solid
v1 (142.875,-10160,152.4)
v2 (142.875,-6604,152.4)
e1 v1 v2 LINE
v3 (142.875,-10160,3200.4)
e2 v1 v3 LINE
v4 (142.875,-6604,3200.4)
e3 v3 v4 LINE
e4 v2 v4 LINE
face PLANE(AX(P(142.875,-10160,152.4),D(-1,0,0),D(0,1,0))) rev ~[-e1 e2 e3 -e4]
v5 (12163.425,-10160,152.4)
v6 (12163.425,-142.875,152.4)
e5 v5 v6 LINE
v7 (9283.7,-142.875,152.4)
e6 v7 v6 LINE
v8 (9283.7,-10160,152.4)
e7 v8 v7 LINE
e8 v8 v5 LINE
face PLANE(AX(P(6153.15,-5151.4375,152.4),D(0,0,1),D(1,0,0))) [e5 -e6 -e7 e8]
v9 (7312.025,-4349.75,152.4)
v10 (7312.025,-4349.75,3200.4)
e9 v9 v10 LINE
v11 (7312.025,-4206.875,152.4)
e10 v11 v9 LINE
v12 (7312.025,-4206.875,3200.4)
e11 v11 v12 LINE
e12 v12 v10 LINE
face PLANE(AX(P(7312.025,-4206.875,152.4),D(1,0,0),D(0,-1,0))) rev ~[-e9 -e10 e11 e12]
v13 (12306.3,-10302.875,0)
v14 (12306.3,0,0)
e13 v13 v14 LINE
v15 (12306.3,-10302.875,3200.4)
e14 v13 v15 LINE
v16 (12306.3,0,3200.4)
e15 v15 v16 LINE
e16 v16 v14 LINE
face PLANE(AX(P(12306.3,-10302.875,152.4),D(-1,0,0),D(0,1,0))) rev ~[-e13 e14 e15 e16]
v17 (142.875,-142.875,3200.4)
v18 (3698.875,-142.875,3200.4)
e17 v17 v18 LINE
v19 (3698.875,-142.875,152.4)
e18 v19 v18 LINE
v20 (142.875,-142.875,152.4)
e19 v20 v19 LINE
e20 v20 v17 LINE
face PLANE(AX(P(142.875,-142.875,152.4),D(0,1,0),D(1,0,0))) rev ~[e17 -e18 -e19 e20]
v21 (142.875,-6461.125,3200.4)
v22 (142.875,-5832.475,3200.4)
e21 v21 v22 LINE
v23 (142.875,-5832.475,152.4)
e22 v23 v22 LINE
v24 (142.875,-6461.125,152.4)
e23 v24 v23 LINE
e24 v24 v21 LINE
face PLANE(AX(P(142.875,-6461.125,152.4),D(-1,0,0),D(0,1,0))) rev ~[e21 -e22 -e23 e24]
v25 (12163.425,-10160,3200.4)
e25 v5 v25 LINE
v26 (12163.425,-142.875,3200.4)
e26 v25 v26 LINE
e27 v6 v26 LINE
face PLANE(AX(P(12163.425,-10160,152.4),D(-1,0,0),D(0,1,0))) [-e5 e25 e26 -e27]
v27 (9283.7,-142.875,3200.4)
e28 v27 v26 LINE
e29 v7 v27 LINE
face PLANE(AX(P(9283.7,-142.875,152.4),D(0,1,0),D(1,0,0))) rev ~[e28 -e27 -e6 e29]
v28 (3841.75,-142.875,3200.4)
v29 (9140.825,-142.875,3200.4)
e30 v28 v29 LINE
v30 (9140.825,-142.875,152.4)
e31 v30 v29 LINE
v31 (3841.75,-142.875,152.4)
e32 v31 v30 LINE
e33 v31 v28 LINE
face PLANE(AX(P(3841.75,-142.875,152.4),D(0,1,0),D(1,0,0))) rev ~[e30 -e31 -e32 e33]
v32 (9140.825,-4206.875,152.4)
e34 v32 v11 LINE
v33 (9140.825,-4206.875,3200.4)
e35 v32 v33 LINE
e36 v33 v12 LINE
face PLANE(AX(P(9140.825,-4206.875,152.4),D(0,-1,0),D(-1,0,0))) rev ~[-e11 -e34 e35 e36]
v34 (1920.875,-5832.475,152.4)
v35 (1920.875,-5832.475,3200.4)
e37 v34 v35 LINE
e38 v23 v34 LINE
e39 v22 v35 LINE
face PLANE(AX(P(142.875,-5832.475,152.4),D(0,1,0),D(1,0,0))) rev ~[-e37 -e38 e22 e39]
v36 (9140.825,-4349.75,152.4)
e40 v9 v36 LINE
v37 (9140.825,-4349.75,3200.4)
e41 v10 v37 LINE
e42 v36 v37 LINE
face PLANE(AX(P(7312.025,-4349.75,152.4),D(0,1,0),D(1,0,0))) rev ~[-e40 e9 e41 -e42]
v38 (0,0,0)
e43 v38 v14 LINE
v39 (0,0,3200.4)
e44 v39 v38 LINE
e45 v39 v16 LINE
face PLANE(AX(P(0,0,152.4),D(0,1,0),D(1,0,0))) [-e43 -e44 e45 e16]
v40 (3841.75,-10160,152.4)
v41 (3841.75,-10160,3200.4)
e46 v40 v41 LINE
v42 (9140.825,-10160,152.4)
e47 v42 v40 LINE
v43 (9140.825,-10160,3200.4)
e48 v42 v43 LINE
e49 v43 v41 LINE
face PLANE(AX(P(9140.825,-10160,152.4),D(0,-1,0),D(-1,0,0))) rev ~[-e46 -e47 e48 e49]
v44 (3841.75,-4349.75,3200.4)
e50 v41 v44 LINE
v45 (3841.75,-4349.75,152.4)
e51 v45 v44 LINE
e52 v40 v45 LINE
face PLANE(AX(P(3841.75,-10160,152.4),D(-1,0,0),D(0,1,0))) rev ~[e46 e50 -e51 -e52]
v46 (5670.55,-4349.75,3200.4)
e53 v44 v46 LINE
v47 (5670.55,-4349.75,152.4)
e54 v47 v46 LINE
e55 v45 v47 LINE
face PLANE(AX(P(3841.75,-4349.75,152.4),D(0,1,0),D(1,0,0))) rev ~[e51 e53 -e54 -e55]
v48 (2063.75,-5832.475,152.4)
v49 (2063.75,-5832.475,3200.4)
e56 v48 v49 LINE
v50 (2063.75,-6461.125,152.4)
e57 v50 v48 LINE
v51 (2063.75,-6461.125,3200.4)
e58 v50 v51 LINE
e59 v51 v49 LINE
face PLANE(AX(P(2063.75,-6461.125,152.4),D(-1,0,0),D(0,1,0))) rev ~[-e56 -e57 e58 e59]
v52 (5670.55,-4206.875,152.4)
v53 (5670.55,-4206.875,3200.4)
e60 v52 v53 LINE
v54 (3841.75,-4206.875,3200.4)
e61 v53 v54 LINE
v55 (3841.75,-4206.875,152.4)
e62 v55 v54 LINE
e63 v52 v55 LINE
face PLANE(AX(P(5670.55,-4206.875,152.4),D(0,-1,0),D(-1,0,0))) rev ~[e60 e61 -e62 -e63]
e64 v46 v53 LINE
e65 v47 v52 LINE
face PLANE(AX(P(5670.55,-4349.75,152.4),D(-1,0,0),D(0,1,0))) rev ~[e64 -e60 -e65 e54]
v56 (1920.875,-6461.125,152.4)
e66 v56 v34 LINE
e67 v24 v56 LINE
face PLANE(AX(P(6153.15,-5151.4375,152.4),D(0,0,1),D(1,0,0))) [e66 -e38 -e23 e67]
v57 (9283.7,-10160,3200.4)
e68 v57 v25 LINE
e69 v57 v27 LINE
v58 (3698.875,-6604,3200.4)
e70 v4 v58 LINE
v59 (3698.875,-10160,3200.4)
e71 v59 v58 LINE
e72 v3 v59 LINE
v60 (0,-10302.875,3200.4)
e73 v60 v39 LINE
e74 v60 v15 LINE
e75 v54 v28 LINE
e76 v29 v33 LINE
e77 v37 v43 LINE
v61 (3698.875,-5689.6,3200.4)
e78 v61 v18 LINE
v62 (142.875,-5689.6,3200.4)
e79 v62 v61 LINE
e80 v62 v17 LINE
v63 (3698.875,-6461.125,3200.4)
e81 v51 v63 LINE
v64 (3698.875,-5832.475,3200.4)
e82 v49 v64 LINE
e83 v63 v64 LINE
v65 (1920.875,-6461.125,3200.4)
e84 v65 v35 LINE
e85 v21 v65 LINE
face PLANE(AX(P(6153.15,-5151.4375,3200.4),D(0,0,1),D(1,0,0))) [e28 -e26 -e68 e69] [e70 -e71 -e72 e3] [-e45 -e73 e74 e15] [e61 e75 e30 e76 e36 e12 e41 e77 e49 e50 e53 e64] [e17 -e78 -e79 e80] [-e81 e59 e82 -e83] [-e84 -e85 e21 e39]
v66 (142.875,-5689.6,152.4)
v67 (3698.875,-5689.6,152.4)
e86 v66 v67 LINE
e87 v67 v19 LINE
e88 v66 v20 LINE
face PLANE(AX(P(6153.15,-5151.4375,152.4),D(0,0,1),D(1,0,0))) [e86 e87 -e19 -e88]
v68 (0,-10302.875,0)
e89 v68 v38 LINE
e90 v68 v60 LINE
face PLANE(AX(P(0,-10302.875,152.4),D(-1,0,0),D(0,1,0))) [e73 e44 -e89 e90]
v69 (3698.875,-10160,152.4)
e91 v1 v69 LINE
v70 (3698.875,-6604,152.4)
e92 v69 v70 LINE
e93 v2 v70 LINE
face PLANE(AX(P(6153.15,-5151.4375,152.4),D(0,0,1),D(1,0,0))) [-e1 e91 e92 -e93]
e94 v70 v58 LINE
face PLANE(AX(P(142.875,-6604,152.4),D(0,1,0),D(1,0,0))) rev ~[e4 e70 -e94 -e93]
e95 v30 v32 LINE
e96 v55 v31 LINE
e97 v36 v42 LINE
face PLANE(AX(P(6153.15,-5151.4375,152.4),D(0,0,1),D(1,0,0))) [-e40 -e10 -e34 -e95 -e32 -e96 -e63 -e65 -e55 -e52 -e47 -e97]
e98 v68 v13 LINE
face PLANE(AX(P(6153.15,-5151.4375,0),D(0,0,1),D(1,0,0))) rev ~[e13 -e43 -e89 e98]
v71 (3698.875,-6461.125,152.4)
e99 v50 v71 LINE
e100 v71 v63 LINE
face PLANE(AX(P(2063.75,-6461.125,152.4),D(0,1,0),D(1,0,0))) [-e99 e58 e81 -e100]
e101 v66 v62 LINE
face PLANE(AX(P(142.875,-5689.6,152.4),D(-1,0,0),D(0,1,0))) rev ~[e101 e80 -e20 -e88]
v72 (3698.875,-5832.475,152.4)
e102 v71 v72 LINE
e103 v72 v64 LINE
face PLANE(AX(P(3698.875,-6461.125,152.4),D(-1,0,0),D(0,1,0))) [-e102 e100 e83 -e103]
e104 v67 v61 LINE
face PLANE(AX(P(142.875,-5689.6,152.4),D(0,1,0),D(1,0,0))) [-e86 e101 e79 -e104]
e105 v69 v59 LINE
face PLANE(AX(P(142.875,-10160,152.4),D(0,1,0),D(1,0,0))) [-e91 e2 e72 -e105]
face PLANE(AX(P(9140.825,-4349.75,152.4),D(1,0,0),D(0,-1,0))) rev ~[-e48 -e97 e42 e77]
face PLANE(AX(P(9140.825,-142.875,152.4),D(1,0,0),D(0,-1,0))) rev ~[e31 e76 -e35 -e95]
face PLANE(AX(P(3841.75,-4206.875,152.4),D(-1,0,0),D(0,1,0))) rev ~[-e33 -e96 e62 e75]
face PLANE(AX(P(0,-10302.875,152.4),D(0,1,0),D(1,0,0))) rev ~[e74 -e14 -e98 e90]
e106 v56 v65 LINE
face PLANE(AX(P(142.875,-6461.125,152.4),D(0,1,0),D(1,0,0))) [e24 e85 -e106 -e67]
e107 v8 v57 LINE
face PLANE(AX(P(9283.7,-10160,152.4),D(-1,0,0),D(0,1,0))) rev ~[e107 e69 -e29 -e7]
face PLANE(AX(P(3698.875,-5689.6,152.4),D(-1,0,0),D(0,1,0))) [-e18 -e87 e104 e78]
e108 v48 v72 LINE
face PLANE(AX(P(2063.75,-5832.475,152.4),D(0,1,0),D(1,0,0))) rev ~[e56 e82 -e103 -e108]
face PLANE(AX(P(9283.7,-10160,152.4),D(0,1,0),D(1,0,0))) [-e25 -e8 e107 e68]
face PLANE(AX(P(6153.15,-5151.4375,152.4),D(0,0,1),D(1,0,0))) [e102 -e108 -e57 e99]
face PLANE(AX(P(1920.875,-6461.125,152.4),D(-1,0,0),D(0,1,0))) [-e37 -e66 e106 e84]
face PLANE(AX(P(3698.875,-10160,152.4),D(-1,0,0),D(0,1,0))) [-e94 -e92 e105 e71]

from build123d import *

# Parameters (mm, degrees)
F0_W     = 12306.3
F0_H     = 10302.875
F1_DEPTH = 152.4
F2_W     = 12306.3
F2_H     = 10302.875
F2_W_2   = 3556
F2_H_2   = 3556
F2_W_3   = 1778
F2_H_3   = 628.65
F2_W_4   = 1635.125
F2_H_4   = 5546.725
F2_W_5   = 2879.725
F2_H_5   = 10017.125
F3_DEPTH = 3048


with BuildPart() as f1:
    # F0 (on Top) → F1 (new body)
    with BuildSketch(Plane.XY):
        with Locations((6153.15, -5151.4375)):
            Rectangle(F0_W, F0_H)
    extrude(amount=F1_DEPTH)

    # F2 (on face) → F3 (join)
    with BuildSketch(Plane.XY.offset(152.4)):
        with Locations((6153.15, -5151.4375)):
            Rectangle(F2_W, F2_H)
        with Locations((1920.875, -8382)):
            Rectangle(F2_W_2, F2_H_2, mode=Mode.SUBTRACT)
        with Locations((1031.875, -6146.8)):
            Rectangle(F2_W_3, F2_H_3, mode=Mode.SUBTRACT)
        with Locations((2881.3125, -6146.8)):
            Rectangle(F2_W_4, F2_H_3, mode=Mode.SUBTRACT)
        with Locations((1920.875, -2916.2375)):
            Rectangle(F2_W_2, F2_H_4, mode=Mode.SUBTRACT)
        Polygon((9140.825, -4349.75), (9140.825, -10160), (3841.75, -10160), (3841.75, -4349.75), (5670.55, -4349.75), (5670.55, -4206.875), (3841.75, -4206.875), (3841.75, -142.875), (9140.825, -142.875), (9140.825, -4206.875), (7312.025, -4206.875), (7312.025, -4349.75), align=None, mode=Mode.SUBTRACT)
        with Locations((10723.5625, -5151.4375)):
            Rectangle(F2_W_5, F2_H_5, mode=Mode.SUBTRACT)
    extrude(amount=F3_DEPTH)


solid = f1.part
